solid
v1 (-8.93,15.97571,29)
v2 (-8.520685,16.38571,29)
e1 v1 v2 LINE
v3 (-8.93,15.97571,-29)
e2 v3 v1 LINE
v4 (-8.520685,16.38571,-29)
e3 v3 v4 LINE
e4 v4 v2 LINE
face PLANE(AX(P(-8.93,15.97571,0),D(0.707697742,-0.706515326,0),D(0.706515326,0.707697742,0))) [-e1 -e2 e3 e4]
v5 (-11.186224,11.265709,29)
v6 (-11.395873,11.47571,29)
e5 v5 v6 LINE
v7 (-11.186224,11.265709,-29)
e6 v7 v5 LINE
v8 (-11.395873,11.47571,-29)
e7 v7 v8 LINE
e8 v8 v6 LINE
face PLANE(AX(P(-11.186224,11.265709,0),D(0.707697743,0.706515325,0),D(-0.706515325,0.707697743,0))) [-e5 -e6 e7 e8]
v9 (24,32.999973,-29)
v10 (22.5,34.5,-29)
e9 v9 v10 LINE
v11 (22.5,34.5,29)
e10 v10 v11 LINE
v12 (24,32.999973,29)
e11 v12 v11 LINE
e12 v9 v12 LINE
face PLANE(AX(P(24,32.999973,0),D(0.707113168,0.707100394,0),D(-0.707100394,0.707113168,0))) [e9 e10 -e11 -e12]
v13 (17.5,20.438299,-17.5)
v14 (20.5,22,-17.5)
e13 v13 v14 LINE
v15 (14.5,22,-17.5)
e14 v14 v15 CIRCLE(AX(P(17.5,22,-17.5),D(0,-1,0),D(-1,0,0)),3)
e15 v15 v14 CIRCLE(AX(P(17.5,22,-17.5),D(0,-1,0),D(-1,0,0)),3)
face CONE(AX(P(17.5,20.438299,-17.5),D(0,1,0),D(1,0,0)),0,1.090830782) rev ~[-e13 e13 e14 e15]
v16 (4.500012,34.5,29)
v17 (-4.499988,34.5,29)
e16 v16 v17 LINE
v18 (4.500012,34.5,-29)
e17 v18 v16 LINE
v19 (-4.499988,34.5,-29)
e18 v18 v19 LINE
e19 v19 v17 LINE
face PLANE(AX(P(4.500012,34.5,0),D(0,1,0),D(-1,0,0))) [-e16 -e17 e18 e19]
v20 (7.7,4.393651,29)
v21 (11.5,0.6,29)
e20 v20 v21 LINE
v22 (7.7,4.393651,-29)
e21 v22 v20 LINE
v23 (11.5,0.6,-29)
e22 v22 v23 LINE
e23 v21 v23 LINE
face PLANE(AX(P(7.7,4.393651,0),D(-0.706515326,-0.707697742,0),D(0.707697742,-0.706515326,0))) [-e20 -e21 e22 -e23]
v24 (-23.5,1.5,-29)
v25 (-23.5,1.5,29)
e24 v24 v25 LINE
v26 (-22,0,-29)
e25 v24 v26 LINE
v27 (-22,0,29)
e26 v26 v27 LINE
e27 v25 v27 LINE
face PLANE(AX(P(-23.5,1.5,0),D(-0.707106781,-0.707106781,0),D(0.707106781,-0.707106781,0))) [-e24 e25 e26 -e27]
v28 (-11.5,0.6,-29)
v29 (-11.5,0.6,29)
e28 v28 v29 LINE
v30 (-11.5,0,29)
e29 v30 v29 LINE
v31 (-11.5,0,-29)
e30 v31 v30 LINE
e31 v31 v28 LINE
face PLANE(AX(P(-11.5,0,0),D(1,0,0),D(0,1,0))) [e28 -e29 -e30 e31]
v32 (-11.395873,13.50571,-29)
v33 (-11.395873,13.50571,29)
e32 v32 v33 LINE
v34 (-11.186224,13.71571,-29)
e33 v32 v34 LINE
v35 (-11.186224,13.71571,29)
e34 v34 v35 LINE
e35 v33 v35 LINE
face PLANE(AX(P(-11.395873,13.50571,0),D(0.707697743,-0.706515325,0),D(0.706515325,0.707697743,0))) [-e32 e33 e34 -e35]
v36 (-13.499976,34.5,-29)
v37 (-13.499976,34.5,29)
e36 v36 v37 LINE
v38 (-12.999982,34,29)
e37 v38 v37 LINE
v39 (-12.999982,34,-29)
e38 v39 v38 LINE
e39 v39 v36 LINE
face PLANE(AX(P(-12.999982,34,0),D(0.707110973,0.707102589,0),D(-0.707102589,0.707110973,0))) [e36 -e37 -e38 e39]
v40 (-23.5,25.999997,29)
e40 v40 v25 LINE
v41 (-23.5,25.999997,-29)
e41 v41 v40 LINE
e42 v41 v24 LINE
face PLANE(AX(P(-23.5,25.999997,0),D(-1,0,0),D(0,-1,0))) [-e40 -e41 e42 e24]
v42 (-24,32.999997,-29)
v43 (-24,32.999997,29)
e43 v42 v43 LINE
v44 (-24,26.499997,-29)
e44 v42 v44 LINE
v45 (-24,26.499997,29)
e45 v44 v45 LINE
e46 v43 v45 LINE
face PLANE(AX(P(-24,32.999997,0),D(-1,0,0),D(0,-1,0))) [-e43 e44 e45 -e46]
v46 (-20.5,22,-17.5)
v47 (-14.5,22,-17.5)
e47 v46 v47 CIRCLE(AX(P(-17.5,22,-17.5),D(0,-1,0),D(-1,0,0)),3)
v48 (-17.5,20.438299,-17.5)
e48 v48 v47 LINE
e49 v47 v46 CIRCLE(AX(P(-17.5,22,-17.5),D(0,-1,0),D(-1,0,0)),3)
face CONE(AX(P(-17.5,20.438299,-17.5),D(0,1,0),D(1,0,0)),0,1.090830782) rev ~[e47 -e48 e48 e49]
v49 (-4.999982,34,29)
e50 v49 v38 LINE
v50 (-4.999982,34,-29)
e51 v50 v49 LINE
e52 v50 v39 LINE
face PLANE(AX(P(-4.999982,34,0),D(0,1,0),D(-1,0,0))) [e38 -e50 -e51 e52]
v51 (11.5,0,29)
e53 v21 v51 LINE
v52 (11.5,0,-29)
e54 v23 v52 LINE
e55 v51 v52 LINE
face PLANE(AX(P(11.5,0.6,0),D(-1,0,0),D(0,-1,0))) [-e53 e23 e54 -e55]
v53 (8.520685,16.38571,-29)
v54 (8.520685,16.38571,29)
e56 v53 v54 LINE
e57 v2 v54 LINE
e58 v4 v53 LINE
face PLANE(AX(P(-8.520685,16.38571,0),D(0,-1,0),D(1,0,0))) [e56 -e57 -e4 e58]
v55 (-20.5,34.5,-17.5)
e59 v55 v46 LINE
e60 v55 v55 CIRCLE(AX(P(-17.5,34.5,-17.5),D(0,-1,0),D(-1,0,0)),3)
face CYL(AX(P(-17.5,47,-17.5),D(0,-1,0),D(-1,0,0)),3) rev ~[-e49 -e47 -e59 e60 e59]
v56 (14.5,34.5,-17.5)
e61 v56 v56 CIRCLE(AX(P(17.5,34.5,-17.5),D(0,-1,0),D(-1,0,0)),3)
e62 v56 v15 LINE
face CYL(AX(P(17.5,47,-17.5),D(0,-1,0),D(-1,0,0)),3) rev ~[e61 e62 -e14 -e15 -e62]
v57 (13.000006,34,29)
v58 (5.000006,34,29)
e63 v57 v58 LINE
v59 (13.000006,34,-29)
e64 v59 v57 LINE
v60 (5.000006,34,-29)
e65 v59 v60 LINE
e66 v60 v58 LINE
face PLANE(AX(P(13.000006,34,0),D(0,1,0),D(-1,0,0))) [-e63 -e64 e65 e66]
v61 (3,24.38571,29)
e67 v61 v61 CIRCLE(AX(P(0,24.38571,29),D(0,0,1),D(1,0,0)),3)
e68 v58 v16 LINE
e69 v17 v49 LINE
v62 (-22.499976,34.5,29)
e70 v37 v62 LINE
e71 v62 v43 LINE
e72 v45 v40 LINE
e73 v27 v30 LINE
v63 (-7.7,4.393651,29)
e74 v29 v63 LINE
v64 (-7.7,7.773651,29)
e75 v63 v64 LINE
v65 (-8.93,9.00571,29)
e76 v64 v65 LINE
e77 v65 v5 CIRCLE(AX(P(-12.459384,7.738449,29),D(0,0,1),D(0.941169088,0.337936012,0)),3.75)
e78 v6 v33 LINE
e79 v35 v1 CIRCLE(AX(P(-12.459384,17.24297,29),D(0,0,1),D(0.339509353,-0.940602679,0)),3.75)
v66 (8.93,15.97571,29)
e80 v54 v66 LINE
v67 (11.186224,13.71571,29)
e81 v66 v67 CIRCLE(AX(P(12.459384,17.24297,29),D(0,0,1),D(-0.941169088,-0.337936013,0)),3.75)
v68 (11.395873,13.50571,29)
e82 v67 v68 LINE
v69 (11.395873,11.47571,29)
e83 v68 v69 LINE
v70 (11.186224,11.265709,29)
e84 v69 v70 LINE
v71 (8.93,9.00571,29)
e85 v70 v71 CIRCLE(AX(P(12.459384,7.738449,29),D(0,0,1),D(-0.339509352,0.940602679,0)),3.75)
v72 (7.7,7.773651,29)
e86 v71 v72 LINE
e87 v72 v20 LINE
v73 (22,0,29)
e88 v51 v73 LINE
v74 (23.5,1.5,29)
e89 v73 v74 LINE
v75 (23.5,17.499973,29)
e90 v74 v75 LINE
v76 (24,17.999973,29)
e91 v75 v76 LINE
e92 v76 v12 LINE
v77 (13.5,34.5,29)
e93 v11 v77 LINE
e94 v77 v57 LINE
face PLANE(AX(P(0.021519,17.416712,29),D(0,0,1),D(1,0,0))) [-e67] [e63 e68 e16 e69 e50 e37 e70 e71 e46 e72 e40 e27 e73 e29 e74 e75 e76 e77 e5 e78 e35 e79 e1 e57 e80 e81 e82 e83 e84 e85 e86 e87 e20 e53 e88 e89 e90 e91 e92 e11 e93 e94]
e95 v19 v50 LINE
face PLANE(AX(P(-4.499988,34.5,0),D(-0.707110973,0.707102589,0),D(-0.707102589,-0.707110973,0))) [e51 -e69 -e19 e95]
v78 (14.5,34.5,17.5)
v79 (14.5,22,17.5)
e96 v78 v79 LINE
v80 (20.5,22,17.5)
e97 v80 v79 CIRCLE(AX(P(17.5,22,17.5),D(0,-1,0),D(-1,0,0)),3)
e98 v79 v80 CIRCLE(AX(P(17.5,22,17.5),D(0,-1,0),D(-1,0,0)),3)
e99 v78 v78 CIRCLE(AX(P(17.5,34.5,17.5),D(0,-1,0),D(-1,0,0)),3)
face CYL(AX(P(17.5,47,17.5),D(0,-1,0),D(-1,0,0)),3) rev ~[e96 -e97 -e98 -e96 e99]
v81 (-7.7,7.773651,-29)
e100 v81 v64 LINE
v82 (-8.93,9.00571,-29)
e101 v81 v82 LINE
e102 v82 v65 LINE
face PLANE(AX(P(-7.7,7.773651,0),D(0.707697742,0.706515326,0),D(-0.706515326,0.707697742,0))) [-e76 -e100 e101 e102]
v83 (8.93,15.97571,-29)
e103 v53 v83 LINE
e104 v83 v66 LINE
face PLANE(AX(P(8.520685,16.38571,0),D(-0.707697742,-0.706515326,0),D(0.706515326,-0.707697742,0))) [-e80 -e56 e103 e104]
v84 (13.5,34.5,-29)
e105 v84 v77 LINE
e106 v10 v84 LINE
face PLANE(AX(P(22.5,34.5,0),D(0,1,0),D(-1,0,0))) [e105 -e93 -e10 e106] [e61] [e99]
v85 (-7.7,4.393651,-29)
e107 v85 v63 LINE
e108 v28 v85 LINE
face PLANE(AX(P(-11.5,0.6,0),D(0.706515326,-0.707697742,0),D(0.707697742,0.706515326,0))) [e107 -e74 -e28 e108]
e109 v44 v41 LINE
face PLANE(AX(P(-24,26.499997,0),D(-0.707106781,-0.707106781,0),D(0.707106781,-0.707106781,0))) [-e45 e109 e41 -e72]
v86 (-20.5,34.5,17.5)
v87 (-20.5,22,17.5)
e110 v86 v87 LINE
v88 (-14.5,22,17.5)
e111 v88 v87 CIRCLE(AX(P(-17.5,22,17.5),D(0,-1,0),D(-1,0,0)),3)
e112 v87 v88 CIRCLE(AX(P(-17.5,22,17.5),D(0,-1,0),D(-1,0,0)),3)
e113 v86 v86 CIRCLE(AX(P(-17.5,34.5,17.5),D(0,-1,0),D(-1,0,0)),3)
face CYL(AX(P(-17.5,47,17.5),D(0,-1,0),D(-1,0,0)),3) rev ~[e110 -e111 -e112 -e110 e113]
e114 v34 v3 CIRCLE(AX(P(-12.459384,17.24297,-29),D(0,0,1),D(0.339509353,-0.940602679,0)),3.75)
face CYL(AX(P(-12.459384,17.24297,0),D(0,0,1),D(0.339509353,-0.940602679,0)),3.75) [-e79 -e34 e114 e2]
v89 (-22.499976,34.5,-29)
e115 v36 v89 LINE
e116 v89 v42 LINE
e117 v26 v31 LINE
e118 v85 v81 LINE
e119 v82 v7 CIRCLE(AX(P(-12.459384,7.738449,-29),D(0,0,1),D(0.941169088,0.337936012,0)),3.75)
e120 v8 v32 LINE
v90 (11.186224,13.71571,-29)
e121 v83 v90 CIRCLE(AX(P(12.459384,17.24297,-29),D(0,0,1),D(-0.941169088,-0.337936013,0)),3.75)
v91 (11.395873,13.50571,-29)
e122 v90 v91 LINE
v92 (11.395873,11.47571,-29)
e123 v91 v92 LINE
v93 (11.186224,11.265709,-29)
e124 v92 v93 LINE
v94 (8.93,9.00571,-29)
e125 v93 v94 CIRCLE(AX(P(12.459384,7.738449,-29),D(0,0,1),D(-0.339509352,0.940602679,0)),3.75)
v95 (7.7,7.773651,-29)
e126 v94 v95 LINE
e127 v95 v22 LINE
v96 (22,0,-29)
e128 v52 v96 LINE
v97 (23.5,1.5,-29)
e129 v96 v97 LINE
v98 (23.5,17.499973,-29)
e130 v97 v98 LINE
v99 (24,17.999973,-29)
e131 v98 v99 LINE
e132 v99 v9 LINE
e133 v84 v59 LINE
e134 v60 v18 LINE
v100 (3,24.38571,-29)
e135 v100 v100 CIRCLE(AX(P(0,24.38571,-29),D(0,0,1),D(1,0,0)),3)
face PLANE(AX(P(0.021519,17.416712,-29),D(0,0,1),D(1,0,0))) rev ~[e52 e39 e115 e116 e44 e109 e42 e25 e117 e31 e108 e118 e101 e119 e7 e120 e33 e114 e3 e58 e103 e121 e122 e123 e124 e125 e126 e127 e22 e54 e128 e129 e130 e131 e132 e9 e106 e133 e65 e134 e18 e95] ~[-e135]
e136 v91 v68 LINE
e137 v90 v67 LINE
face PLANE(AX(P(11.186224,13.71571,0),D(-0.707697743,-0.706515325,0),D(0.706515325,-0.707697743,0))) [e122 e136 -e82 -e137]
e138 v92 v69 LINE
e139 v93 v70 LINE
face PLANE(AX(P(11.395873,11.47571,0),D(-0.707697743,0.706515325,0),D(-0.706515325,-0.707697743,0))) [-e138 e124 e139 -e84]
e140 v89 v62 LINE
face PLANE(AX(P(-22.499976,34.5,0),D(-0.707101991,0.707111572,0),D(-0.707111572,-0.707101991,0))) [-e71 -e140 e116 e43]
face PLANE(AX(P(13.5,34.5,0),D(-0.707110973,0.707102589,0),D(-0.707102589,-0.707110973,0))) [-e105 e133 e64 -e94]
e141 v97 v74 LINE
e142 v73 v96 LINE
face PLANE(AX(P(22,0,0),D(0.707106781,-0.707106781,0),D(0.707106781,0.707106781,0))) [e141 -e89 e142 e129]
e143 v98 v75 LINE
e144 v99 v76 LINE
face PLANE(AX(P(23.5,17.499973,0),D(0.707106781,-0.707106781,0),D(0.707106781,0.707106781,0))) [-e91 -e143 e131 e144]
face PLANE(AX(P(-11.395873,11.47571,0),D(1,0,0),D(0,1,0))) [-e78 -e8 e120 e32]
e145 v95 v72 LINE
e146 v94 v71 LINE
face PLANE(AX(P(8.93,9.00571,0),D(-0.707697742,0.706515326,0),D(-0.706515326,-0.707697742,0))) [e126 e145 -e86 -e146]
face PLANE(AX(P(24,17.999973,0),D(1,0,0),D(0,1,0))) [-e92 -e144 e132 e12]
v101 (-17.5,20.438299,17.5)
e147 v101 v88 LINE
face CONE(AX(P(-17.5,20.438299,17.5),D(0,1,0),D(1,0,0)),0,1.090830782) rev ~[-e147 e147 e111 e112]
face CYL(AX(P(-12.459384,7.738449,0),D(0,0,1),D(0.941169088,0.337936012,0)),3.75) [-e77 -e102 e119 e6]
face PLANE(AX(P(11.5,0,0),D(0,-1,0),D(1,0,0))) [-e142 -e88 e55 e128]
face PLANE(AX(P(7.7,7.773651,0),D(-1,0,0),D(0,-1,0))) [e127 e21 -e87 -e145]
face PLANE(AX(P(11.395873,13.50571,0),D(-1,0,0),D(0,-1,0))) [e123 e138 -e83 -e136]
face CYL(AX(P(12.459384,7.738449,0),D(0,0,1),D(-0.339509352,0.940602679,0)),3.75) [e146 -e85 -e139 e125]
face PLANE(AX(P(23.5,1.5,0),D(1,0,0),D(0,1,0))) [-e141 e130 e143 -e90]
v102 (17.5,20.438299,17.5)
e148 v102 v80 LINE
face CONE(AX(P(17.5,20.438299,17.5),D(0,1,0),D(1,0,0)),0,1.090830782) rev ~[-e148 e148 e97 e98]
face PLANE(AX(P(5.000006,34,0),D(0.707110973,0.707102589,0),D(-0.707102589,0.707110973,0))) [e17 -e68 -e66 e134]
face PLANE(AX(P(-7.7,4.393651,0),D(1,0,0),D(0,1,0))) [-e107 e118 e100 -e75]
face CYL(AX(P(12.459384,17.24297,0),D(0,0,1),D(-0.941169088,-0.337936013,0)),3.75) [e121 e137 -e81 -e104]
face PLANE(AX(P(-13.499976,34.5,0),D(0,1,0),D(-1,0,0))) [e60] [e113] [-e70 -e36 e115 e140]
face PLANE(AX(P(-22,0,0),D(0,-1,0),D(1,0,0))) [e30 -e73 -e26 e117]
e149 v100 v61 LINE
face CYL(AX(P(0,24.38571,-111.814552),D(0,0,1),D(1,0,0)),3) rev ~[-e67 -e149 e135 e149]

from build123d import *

# Parameters (mm, degrees)
BLOCK_DEPTH                     = 29
TAP_DRILL_FOR_M8X1_0_TAP1_D     = 6
TAP_DRILL_FOR_M8X1_0_TAP1_DEPTH = 12.5
TAP_DRILL_FOR_M8X1_0_TAP1_TIP   = 1.561701152
F_6_0_6_DIAMETER_HOLE1_D        = 6


with BuildPart() as part:
    # Sketch2 → Block (new body, symmetric)
    with BuildSketch(Plane.XY):
        with BuildLine():
            Line((22, 0), (23.5, 1.5))
            Line((23.5, 1.5), (23.5, 17.499972901))
            Line((23.5, 17.499972901), (24, 17.999972901))
            Line((24, 17.999972901), (24, 32.999972901))
            Line((24, 32.999972901), (22.5, 34.5))
            Line((22.5, 34.5), (13.5, 34.5))
            Line((13.5, 34.5), (13.000005928, 34))
            Line((13.000005928, 34), (5.000005928, 34))
            Line((5.000005928, 34), (4.500011856, 34.5))
            Line((4.500011856, 34.5), (-4.499988144, 34.5))
            Line((-4.499988144, 34.5), (-4.999982216, 34))
            Line((-4.999982216, 34), (-12.999982216, 34))
            Line((-12.999982216, 34), (-13.499976288, 34.5))
            Line((-13.499976288, 34.5), (-22.499976288, 34.5))
            Line((-22.499976288, 34.5), (-24, 32.999996612))
            Line((-24, 32.999996612), (-24, 26.499996612))
            Line((-24, 26.499996612), (-23.5, 25.999996612))
            Line((-23.5, 25.999996612), (-23.5, 1.5))
            Line((-23.5, 1.5), (-22, 0))
            Line((-22, 0), (-11.5, 0))
            Line((-11.5, 0), (-11.5, 0.6))
            Line((-11.5, 0.6), (-7.7, 4.393650985))
            Line((-7.7, 4.393650985), (-7.7, 7.773650985))
            Line((-7.7, 7.773650985), (-8.93, 9.0057095))
            ThreePointArc((-8.93, 9.0057095), (-9.805517545, 10.387881926), (-11.186224007, 11.2657095))
            Line((-11.186224007, 11.2657095), (-11.39587314, 11.4757095))
            Line((-11.39587314, 11.4757095), (-11.39587314, 13.5057095))
            Line((-11.39587314, 13.5057095), (-11.186224007, 13.7157095))
            ThreePointArc((-11.186224007, 13.7157095), (-9.805517545, 14.593537075), (-8.93, 15.9757095))
            Line((-8.93, 15.9757095), (-8.520685025, 16.3857095))
            Line((-8.520685025, 16.3857095), (8.520685025, 16.3857095))
            Line((8.520685025, 16.3857095), (8.93, 15.9757095))
            ThreePointArc((8.93, 15.9757095), (9.805517545, 14.593537075), (11.186224007, 13.7157095))
            Line((11.186224007, 13.7157095), (11.39587314, 13.5057095))
            Line((11.39587314, 13.5057095), (11.39587314, 11.4757095))
            Line((11.39587314, 11.4757095), (11.186224007, 11.2657095))
            ThreePointArc((11.186224007, 11.2657095), (9.805517545, 10.387881926), (8.93, 9.0057095))
            Line((8.93, 9.0057095), (7.7, 7.773650985))
            Line((7.7, 7.773650985), (7.7, 4.393650985))
            Line((7.7, 4.393650985), (11.5, 0.6))
            Line((11.5, 0.6), (11.5, 0))
            Line((11.5, 0), (22, 0))
        make_face()
    extrude(amount=BLOCK_DEPTH, both=True)

    # Tap Drill for M8x1.0 Tap1
    with Locations(Plane(origin=(0, 34.5, 0), x_dir=(1, 0, 0), z_dir=(0, 1, 0))):
        with Locations((17.5, 17.5), (-17.5, 17.5), (17.5, -17.5), (-17.5, -17.5)):
            Hole(TAP_DRILL_FOR_M8X1_0_TAP1_D / 2, depth=TAP_DRILL_FOR_M8X1_0_TAP1_DEPTH)
            with Locations((0, 0, -(TAP_DRILL_FOR_M8X1_0_TAP1_DEPTH + TAP_DRILL_FOR_M8X1_0_TAP1_TIP / 2))):  # 125° drill point
                Cone(0, TAP_DRILL_FOR_M8X1_0_TAP1_D / 2, TAP_DRILL_FOR_M8X1_0_TAP1_TIP, mode=Mode.SUBTRACT)

    # Ø6.0 (6) Diameter Hole1 (through all)
    with Locations(Plane(origin=(0, 0, -29), x_dir=(-1, 0, 0), z_dir=(0, 0, -1))):
        with Locations((0, 24.3857095)):
            Hole(F_6_0_6_DIAMETER_HOLE1_D / 2)


solid = part.part
